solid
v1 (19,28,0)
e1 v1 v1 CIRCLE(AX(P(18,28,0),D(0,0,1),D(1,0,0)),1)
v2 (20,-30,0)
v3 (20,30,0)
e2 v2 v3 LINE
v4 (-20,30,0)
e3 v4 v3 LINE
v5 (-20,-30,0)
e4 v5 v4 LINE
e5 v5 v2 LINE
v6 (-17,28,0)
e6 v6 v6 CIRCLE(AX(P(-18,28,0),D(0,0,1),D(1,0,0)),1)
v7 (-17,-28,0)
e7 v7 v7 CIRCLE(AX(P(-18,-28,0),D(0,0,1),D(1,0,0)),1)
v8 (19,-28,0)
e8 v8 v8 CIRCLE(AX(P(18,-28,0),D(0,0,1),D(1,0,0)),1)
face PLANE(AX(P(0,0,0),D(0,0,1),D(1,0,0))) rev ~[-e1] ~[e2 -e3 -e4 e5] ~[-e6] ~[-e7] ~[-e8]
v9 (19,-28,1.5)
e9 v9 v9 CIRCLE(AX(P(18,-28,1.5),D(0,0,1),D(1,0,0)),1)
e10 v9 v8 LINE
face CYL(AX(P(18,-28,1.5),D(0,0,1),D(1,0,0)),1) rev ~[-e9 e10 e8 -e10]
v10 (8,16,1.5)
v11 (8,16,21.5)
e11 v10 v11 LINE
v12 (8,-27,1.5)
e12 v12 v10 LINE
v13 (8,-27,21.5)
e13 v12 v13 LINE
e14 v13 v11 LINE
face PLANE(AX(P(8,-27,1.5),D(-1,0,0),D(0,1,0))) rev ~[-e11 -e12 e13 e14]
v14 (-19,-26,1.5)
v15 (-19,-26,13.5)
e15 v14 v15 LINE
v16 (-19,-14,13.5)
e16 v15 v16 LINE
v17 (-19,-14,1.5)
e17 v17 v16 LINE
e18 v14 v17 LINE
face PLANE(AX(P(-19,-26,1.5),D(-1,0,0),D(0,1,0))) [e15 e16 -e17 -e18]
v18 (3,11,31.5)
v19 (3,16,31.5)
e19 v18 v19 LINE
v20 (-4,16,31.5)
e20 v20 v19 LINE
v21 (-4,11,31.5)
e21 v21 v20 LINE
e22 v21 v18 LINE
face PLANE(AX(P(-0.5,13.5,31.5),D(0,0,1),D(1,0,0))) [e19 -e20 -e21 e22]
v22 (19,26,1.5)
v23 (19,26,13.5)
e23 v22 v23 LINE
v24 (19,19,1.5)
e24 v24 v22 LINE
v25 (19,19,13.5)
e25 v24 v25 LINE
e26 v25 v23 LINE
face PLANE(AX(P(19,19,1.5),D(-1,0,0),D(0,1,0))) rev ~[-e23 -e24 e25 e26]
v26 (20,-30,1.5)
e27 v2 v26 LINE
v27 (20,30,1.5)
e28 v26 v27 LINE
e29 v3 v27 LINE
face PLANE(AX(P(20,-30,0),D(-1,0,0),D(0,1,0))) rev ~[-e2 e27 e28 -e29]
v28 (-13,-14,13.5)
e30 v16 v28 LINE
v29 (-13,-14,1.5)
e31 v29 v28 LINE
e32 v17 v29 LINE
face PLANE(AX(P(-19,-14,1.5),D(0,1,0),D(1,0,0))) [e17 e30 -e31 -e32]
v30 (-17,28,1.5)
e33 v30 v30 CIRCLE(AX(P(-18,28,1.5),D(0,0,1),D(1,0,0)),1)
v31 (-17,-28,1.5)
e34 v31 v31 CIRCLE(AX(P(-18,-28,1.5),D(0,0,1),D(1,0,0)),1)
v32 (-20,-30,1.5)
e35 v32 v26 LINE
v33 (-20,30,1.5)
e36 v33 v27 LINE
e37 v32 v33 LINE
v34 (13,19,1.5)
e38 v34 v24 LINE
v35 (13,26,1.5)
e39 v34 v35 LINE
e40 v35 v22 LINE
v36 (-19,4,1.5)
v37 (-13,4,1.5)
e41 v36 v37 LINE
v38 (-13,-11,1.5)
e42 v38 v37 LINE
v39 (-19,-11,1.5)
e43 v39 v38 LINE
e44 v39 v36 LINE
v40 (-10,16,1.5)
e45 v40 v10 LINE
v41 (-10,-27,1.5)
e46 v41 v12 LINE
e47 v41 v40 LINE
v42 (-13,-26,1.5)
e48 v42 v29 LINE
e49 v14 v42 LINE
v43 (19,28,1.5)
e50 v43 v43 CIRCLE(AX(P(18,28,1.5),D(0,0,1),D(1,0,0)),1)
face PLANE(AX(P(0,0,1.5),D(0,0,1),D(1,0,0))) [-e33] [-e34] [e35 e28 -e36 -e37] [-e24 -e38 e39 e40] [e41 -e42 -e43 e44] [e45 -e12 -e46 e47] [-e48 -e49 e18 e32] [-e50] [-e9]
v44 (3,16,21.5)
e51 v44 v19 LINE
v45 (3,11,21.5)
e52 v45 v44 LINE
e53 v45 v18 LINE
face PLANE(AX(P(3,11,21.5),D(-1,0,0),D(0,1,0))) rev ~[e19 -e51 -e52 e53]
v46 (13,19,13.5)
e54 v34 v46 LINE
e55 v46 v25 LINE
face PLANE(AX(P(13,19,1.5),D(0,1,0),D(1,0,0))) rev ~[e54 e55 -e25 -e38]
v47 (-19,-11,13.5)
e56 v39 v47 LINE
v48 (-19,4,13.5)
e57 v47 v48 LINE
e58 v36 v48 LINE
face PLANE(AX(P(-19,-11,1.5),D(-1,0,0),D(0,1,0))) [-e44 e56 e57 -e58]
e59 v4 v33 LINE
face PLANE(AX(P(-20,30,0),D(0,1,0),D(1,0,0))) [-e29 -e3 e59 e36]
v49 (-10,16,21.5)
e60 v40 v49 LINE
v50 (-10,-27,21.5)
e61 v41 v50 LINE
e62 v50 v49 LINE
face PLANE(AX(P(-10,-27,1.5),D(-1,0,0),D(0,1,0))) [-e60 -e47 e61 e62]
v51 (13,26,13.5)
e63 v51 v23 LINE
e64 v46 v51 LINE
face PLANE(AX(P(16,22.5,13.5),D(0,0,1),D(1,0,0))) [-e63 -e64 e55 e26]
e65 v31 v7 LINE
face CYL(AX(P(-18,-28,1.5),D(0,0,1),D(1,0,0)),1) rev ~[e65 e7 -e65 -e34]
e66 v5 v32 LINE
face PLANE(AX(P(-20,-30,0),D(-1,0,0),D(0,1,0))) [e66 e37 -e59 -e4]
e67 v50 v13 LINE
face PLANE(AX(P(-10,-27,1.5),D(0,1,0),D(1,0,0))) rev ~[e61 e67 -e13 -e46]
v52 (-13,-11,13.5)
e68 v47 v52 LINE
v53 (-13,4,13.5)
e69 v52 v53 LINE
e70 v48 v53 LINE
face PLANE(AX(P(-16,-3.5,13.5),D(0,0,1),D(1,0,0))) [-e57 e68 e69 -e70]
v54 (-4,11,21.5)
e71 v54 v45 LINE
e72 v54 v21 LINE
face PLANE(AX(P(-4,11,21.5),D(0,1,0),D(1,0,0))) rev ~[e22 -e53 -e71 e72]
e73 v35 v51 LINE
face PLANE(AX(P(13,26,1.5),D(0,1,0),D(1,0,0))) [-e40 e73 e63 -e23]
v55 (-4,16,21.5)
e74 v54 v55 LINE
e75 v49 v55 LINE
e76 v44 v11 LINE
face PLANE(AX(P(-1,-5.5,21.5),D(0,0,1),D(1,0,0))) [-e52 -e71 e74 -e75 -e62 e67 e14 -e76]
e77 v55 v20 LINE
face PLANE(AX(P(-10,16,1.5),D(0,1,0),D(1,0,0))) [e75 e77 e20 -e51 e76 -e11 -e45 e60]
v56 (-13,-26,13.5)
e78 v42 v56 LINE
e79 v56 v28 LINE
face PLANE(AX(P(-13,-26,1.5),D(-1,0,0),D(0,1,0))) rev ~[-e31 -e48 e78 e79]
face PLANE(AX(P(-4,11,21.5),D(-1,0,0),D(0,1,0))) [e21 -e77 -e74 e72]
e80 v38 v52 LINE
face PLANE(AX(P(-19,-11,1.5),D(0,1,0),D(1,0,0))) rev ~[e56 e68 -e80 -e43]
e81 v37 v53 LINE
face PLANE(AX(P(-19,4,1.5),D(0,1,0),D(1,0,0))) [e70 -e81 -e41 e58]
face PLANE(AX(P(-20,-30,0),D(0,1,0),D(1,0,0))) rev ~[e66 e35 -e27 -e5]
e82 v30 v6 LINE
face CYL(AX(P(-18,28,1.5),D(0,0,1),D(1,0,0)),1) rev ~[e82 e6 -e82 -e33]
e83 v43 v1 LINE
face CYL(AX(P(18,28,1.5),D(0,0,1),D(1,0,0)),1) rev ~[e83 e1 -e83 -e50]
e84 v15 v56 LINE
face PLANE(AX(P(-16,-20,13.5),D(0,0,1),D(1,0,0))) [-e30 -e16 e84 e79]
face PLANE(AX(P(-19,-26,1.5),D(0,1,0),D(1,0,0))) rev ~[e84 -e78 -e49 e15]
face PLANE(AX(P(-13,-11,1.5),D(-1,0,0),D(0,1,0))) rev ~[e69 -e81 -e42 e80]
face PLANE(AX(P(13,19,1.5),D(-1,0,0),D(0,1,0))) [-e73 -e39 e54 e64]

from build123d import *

# Parameters (mm, degrees)
SKETCH_W      = 40
SKETCH_H      = 60
PAD_DEPTH     = 1.5
SKETCH001_R   = 1
POCKET_DEPTH  = 1.501
SKETCH002_W   = 18
SKETCH002_H   = 43
PAD001_DEPTH  = 20
SKETCH003_W   = 7
SKETCH003_H   = 5
PAD002_DEPTH  = 10
SKETCH004_W   = 6
SKETCH004_H   = 12
SKETCH004_H_2 = 15
SKETCH004_H_3 = 7
PAD003_DEPTH  = 12


with BuildPart() as part:
    # Sketch → Pad (new body)
    with BuildSketch(Plane.XY):
        Rectangle(SKETCH_W, SKETCH_H)
    extrude(amount=PAD_DEPTH)

    # Sketch001 (on Face6 of Pad) → Pocket (cut, through all)
    with BuildSketch(Plane.XY.offset(1.5)):
        with Locations((-18, 28)):
            Circle(SKETCH001_R)
        with Locations((18, 28)):
            Circle(SKETCH001_R)
        with Locations((-18, -28)):
            Circle(SKETCH001_R)
        with Locations((18, -28)):
            Circle(SKETCH001_R)
    extrude(amount=-POCKET_DEPTH, mode=Mode.SUBTRACT)

    # Sketch002 (on Face5 of Pocket) → Pad001 (join)
    with BuildSketch(Plane.XY.offset(1.5)):
        with Locations((-1, -5.5)):
            Rectangle(SKETCH002_W, SKETCH002_H)
    extrude(amount=PAD001_DEPTH)

    # Sketch003 (on Face15 of Pad001) → Pad002 (join)
    with BuildSketch(Plane.XY.offset(21.5)):
        with Locations((-0.5, 13.5)):
            Rectangle(SKETCH003_W, SKETCH003_H)
    extrude(amount=PAD002_DEPTH)

    # Sketch004 (on Face5 of Pad002) → Pad003 (join)
    with BuildSketch(Plane.XY.offset(1.5)):
        with Locations((-16, -20)):
            Rectangle(SKETCH004_W, SKETCH004_H)
        with Locations((-16, -3.5)):
            Rectangle(SKETCH004_W, SKETCH004_H_2)
        with Locations((16, 22.5)):
            Rectangle(SKETCH004_W, SKETCH004_H_3)
    extrude(amount=PAD003_DEPTH)


solid = part.part
